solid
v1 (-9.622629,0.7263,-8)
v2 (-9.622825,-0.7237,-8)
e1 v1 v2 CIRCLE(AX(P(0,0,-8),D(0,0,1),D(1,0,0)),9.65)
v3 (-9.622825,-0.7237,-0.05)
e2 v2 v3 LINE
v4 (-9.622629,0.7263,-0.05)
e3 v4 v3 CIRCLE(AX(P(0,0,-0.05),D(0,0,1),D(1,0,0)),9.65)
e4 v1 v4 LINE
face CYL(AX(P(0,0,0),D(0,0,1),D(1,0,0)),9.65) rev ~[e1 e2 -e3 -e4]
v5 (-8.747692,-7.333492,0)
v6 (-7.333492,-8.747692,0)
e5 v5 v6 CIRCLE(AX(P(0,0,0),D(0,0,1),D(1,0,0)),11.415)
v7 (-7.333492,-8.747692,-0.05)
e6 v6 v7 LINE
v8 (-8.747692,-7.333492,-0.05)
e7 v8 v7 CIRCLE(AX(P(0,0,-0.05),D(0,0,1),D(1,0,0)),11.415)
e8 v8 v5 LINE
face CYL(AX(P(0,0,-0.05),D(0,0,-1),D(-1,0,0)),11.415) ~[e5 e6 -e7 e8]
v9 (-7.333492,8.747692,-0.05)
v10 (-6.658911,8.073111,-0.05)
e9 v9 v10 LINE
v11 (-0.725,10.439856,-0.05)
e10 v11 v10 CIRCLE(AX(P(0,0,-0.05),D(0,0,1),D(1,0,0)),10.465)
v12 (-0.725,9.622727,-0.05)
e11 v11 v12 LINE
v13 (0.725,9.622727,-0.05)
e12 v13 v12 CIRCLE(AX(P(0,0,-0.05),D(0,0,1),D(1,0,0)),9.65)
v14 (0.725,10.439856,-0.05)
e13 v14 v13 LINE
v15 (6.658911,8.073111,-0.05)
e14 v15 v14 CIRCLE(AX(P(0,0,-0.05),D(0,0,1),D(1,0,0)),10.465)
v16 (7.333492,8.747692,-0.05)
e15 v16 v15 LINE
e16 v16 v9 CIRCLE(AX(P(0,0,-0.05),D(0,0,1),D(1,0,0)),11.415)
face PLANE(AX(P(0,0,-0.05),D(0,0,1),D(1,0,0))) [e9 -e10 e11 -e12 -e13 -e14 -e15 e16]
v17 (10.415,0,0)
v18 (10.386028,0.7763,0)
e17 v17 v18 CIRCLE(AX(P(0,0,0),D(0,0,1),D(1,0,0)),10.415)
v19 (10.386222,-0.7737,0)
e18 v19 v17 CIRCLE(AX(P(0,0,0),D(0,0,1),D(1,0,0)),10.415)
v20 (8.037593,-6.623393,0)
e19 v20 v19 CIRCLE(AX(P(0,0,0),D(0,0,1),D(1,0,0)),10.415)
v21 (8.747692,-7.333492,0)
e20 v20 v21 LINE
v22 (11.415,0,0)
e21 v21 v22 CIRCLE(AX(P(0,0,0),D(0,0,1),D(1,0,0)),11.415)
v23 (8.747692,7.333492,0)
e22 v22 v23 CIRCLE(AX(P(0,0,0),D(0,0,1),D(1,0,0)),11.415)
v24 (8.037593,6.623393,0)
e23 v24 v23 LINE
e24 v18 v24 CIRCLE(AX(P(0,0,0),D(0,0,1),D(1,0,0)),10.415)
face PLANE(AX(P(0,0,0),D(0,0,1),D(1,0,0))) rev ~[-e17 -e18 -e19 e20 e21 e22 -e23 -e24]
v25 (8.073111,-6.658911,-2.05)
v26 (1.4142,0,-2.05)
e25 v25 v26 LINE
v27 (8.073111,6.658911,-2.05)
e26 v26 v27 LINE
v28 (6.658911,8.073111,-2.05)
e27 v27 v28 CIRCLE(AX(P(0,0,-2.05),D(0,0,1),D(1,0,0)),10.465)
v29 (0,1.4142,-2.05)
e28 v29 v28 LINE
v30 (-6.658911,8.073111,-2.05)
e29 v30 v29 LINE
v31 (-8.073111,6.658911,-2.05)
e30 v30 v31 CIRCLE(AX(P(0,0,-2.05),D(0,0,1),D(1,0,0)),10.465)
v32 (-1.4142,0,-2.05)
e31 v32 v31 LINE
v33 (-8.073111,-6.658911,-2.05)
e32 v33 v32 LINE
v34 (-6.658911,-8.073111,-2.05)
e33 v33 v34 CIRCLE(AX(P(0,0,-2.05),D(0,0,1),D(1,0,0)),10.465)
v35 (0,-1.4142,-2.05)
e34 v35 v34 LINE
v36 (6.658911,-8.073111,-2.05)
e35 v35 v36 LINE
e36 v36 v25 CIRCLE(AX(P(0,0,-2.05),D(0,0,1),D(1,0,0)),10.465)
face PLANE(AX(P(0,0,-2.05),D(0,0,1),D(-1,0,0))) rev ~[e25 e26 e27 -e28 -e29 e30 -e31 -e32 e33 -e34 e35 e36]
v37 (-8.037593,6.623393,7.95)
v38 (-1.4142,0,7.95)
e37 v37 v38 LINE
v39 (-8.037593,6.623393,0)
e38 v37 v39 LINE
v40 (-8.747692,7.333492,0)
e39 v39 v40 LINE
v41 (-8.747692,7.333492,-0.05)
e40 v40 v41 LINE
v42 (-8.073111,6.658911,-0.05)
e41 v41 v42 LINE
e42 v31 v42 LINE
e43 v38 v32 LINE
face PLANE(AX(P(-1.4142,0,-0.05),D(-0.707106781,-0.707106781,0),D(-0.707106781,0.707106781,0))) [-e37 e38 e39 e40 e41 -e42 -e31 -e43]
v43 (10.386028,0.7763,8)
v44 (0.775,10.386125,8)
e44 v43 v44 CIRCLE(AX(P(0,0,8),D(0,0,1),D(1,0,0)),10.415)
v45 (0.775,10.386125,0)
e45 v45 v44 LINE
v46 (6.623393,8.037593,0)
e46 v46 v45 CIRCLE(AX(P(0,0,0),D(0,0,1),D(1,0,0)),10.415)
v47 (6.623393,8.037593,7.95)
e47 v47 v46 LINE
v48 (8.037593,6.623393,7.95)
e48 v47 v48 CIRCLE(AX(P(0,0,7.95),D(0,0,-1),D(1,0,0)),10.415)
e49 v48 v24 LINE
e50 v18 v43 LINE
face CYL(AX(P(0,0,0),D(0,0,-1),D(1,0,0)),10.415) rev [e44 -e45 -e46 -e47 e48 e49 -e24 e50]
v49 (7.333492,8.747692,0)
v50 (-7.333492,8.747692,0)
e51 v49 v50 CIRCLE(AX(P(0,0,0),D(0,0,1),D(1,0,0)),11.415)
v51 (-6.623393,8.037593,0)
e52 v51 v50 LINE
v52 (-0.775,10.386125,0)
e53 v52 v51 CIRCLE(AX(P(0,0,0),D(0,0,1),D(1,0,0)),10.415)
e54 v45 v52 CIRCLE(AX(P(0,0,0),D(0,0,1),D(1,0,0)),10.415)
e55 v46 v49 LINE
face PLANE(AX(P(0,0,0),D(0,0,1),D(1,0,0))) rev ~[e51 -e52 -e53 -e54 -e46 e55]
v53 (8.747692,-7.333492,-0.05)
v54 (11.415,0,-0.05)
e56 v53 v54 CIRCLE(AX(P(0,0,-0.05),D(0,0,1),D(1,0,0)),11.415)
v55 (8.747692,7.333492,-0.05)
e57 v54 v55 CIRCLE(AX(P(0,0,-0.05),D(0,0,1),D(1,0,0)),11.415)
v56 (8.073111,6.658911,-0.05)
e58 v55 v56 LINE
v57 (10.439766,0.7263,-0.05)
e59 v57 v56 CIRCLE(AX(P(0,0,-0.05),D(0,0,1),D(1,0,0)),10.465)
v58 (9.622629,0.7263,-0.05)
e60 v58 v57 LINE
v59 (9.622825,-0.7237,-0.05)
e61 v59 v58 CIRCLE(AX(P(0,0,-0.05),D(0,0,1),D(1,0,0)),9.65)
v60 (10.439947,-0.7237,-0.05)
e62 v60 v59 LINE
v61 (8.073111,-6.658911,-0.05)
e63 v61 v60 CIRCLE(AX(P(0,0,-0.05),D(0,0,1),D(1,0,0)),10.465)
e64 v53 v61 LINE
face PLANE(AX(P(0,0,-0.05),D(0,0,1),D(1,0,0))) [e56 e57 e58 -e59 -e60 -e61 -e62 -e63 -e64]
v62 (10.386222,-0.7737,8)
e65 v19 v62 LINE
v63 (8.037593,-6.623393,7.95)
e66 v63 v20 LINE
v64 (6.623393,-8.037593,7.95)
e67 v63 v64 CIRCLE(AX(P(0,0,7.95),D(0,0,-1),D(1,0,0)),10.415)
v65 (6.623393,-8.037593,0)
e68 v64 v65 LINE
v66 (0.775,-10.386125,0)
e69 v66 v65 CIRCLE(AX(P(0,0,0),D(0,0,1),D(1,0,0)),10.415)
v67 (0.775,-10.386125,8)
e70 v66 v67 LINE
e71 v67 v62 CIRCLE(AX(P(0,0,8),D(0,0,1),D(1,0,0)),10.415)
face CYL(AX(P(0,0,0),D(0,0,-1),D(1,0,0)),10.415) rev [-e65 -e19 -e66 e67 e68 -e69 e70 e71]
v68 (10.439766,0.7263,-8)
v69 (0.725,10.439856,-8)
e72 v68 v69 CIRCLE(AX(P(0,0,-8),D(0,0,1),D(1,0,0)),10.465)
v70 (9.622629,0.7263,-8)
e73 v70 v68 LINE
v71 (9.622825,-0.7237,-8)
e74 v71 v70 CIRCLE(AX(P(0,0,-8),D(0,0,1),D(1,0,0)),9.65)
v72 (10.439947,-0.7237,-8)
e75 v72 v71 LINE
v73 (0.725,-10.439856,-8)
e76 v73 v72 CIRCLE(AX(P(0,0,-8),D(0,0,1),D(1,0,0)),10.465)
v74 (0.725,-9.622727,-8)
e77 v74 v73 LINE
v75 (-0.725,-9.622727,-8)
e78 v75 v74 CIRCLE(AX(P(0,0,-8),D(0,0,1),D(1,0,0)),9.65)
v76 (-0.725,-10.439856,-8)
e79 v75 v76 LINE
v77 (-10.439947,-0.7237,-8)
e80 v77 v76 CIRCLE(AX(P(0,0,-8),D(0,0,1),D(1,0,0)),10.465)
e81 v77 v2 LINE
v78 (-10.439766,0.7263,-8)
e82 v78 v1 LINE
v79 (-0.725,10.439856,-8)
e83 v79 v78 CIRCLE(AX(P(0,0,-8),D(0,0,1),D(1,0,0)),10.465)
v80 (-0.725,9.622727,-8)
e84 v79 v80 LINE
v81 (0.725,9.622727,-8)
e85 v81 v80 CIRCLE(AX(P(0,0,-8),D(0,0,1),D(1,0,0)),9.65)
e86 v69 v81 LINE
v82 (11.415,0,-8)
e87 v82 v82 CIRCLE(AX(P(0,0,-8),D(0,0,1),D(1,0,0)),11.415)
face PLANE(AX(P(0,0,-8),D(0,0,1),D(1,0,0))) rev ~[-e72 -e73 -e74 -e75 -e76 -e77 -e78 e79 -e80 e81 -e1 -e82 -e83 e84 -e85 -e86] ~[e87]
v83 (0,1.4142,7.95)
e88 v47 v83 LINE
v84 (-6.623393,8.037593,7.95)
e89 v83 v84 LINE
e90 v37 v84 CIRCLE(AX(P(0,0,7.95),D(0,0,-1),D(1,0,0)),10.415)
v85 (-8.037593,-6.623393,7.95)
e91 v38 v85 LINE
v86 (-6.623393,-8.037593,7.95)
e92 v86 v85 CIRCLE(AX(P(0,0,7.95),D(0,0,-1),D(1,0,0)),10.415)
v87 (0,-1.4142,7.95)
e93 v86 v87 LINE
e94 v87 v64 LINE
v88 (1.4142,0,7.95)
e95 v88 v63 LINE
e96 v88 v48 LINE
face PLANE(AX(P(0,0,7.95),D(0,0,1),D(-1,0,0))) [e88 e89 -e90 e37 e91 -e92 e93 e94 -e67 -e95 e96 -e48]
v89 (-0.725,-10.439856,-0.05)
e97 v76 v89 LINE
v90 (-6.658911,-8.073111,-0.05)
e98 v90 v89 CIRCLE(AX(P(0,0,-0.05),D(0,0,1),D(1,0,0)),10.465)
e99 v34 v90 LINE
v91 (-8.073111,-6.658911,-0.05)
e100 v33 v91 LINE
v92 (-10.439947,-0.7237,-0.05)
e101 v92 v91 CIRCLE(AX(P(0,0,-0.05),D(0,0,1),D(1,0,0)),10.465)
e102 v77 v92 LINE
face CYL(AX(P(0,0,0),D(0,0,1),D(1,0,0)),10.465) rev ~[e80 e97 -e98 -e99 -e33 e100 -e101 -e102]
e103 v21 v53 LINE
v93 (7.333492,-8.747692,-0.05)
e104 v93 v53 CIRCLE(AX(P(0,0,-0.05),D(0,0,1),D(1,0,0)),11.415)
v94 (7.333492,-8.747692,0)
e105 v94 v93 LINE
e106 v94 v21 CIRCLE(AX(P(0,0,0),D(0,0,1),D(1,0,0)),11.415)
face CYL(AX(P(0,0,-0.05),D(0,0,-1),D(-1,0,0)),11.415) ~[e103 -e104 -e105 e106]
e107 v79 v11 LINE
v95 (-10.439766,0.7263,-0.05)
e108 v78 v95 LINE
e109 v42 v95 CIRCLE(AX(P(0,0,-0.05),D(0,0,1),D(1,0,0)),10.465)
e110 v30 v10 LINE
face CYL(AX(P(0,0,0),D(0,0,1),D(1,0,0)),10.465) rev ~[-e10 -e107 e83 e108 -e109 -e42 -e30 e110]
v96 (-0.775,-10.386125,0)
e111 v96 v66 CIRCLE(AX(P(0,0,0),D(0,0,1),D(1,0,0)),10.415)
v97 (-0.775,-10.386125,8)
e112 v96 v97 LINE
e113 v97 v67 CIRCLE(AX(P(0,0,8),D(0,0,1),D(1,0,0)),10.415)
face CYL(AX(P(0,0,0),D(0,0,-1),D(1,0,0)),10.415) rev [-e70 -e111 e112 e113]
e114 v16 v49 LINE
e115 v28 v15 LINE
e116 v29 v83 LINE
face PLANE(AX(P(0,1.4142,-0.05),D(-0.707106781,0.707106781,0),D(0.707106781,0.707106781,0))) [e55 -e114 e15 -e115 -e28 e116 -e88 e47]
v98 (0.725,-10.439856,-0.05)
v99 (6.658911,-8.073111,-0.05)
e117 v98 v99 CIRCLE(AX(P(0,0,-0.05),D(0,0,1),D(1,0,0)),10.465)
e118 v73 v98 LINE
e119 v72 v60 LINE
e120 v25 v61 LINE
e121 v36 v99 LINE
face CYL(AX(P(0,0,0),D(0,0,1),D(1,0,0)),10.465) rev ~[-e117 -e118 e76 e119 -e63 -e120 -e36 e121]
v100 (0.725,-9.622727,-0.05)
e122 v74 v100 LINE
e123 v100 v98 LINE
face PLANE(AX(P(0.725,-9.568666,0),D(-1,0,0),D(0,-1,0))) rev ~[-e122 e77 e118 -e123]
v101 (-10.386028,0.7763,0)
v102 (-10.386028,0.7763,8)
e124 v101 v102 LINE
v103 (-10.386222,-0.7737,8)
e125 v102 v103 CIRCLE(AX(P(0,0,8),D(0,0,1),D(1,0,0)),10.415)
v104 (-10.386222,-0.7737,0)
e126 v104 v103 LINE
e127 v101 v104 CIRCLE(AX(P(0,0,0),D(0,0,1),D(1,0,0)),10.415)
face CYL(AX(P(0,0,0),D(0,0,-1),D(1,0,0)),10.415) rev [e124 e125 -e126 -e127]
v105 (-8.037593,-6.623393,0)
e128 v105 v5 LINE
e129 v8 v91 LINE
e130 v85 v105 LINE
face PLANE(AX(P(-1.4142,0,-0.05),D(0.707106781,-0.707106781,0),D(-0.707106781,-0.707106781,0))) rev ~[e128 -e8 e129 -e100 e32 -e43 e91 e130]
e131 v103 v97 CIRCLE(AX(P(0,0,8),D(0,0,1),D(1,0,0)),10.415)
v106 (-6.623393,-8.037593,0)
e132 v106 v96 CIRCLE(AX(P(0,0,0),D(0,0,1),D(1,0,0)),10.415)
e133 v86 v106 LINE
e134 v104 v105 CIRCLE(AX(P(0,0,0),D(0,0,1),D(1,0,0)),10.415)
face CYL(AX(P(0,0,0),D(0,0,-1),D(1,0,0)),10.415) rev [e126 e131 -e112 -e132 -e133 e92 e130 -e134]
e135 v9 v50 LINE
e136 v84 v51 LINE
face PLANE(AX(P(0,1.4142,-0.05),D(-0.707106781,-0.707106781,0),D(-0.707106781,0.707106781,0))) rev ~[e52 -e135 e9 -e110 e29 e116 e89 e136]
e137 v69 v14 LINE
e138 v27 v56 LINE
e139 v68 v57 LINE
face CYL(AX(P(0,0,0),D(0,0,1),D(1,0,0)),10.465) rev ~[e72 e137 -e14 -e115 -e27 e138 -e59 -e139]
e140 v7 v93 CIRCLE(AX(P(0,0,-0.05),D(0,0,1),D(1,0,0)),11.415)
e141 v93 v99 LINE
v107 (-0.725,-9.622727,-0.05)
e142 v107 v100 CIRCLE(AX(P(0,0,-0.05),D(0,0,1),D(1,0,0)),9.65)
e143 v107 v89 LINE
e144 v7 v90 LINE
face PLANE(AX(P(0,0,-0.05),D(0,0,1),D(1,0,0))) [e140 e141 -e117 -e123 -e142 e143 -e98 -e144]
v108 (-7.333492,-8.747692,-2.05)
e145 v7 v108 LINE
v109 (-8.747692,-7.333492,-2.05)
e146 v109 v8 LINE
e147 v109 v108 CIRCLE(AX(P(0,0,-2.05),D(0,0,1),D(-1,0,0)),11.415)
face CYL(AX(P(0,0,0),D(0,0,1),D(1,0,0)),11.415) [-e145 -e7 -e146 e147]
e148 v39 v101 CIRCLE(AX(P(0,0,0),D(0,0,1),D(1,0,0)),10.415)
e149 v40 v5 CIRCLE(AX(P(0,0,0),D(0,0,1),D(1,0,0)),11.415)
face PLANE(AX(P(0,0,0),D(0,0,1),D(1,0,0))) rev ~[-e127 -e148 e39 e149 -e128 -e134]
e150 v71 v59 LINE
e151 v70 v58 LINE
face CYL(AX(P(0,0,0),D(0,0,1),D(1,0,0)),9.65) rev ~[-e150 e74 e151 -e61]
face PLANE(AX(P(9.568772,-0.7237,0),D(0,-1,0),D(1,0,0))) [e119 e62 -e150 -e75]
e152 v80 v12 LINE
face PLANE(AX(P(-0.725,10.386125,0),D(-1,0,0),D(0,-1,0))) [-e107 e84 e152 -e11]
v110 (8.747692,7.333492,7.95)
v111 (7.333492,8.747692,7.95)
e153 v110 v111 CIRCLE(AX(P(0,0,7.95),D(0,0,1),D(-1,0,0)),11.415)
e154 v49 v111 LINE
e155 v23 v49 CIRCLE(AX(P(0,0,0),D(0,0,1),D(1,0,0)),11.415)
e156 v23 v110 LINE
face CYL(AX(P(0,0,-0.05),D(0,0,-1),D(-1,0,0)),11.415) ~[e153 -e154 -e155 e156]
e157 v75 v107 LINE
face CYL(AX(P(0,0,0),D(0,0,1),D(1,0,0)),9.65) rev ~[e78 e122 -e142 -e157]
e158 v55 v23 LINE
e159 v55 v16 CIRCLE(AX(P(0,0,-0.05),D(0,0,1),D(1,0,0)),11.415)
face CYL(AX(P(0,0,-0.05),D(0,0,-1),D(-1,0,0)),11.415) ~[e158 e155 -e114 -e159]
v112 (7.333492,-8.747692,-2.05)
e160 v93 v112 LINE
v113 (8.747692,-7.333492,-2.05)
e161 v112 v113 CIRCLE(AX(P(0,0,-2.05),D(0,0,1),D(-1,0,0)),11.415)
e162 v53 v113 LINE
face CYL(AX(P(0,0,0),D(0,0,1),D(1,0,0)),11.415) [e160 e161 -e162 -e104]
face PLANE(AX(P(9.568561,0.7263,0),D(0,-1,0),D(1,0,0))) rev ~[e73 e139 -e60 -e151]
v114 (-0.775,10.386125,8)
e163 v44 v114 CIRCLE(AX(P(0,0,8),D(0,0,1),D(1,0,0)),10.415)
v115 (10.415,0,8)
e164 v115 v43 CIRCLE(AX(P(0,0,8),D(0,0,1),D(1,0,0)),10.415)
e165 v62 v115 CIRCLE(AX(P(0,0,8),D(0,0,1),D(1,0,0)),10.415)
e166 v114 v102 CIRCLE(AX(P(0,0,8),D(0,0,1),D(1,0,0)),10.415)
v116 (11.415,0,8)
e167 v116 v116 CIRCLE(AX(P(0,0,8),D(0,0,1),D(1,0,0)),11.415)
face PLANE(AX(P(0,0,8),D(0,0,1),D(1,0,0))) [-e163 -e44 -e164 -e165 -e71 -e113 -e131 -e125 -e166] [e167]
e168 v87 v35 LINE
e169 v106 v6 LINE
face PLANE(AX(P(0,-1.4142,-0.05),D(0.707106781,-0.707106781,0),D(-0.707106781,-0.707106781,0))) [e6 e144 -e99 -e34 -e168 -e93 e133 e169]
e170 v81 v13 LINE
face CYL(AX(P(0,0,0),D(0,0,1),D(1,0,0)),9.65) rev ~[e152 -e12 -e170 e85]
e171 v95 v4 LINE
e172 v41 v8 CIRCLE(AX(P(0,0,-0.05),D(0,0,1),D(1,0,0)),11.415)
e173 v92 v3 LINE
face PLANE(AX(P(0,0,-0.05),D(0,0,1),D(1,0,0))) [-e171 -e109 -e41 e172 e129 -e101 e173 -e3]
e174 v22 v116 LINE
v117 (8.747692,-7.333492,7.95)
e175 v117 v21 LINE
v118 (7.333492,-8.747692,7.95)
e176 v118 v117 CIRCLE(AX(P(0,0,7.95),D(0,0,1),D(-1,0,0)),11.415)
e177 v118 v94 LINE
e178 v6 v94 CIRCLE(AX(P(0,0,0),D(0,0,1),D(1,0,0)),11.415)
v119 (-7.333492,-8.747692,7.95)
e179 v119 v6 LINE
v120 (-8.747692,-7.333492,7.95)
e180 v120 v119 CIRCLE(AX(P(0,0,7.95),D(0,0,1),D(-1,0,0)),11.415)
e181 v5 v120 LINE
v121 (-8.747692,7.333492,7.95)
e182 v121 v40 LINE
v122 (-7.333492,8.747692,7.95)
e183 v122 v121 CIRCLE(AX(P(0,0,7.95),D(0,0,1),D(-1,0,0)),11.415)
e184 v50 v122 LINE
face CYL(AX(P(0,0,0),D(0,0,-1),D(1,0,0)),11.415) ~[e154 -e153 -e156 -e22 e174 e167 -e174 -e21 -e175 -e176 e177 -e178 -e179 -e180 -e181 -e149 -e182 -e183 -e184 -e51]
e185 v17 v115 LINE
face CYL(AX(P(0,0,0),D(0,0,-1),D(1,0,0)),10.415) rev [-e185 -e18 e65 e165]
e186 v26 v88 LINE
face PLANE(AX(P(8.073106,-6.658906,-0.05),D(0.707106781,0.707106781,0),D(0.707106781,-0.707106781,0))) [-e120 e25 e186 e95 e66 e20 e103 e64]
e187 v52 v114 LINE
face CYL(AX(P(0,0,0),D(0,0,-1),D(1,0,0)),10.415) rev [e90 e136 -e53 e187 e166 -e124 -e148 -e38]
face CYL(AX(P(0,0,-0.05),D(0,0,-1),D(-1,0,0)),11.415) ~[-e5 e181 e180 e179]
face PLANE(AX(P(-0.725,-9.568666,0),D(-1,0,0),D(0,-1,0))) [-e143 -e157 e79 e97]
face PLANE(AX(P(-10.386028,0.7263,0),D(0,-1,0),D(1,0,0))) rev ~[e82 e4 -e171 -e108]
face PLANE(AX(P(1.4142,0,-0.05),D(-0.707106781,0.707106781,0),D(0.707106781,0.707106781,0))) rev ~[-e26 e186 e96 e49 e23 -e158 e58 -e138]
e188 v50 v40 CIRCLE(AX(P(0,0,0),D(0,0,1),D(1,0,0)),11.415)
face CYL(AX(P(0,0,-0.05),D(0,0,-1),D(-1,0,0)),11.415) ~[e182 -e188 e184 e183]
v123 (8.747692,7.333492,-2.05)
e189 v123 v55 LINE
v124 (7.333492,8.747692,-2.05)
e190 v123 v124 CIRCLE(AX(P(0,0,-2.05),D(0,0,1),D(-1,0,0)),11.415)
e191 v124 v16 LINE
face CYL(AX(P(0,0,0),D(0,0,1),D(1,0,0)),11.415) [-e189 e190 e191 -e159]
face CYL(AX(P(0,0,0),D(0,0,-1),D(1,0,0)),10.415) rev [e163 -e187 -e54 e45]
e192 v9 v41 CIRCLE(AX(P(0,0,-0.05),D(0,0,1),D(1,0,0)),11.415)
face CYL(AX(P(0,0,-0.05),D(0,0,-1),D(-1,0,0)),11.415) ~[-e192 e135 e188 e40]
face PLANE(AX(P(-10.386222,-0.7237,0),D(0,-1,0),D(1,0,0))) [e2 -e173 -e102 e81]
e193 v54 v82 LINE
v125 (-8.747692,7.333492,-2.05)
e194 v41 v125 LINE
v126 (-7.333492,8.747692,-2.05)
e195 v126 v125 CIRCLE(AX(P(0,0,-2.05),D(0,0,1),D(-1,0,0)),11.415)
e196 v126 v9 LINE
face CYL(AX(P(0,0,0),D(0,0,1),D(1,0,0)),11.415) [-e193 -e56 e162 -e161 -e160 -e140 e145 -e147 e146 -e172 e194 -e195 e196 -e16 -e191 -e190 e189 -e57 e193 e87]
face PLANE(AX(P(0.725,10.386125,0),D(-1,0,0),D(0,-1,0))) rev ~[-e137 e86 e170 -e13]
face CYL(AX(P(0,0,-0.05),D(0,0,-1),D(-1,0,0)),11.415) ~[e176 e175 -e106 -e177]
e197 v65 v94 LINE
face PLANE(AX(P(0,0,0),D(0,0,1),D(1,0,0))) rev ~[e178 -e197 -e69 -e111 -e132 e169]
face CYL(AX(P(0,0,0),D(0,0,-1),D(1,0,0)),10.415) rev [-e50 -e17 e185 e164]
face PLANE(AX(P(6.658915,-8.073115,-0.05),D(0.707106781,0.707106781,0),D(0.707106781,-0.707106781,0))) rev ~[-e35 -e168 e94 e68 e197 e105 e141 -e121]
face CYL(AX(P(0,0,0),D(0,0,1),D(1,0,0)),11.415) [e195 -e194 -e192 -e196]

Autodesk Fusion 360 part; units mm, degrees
sketch "Tool" plane through (0, 0, 0) normal (0, 0, 1) x (1, 0, 0)
  circle A0 centre (0, 0) radius 10.415
  circle A1 centre (0, 0) radius 9.6
  line L0 (-10.415, 0.0013) -> (10.415, 0.0013) construction
  line L1 (0, 10.485) -> (0, -10.415) construction
  line L2 (-10.415, -0.7737) -> (10.415, -0.7737)
  line L3 (-10.415, 0.7763) -> (10.415, 0.7763)
  line L4 (-0.775, 10.485) -> (-0.775, -10.415)
  line L5 (0.775, 10.485) -> (0.775, -10.415)
  circle A2 centre (0, 0) radius 11.415
  dimension "d5" = 20.83
  dimension "d6" = 19.2
  dimension "d7" = 0.775
  dimension "d8" = -0.775
  dimension "d9" = 0.775
  dimension "d10" = -0.775
  dimension "d13" = 1
extrude "Extrude1" add sketch "Tool" against normal blind 8 contours A0 A1 L2 L3 | A0 A1 L4 L5 | A0 A1 L4 L5 | A0 A1 L2 L3 | A2
move_face "OffsetFaces1" offset -0.05 17 faces at (10.7291, 0.0008, 0) (1.7545, 10.2662, -5.3333) (9.5903, 0.4322, -2.6667) (8.0289, -6.6339, -5.3333) (9.8411, 0.7763, -2.6667) (9.8413, -0.7737, -2.6667) (0.775, 10.1136, -5.3333) (-0.603, 9.581, -5.3333) (-7.0069, 7.7056, -5.3333) (-10.1137, -0.7737, -2.6667) (-0.775, 10.1136, -2.6667) (0.775, -9.8412, -5.3333) (0.603, -9.581, -5.3333) (-1.2662, -10.3377, -5.3333) (-9.5904, -0.4296, -5.3333) (-0.775, -9.8412, -2.6667) (-10.1135, 0.7763, -2.6667)
sketch "Sketch2" plane through (0, 0, -0.05) normal (0, 0, 1) x (-1, 0, 0)
  arc A0 (-9.6228, 0.7237) -> (-9.6226, -0.7263) centre (0, 0) ccw
  line L0 (-9.6228, 0.7237) -> (-10.4399, 0.7237)
  arc A1 (-0.725, 10.4399) -> (-10.4399, 0.7237) centre (0, 0) ccw
  line L1 (-0.725, 10.4399) -> (-0.725, 9.6227)
  arc A2 (0.725, 9.6227) -> (-0.725, 9.6227) centre (0, 0) ccw
  line L2 (0.725, 9.6227) -> (0.725, 10.4399)
  arc A3 (10.4399, 0.7237) -> (0.725, 10.4399) centre (0, 0) ccw
  line L3 (10.4399, 0.7237) -> (9.6228, 0.7237)
  arc A4 (9.6226, -0.7263) -> (9.6228, 0.7237) centre (0, 0) ccw
  line L4 (9.6226, -0.7263) -> (10.4398, -0.7263)
  arc A5 (0.725, -10.4399) -> (10.4398, -0.7263) centre (0, 0) ccw
  line L5 (0.725, -10.4399) -> (0.725, -9.6227)
  arc A6 (-0.725, -9.6227) -> (0.725, -9.6227) centre (0, 0) ccw
  line L6 (-0.725, -9.6227) -> (-0.725, -10.4399)
  arc A7 (-10.4398, -0.7263) -> (-0.725, -10.4399) centre (0, 0) ccw
  line L7 (-10.4398, -0.7263) -> (-9.6226, -0.7263)
  circle A8 centre (0, 0) radius 11.415
  line L8 (0, 0) -> (8.0716, -8.0716) construction
  line L9 (0, 0) -> (11.415, 0) construction
  line L10 (0, 0) -> (8.0716, 8.0716) construction
  line L11 (0, 0) -> (11.415, 0) construction
  line L12 (0, 0) -> (-8.0716, -8.0716) construction
  line L13 (0, 0) -> (-8.0716, 8.0716) construction
  line L14 (0.7071, 0.7071) -> (8.7787, -7.3645)
  line L15 (0.7071, 0.7071) -> (-7.3645, 8.7787)
  line L16 (-0.7071, -0.7071) -> (-8.7787, 7.3645)
  line L17 (-0.7071, -0.7071) -> (7.3645, -8.7787)
  line L18 (0.7071, -0.7071) -> (8.7787, 7.3645)
  line L19 (0.7071, -0.7071) -> (-7.3645, -8.7787)
  line L20 (-0.7071, 0.7071) -> (7.3645, 8.7787)
  line L21 (-0.7071, 0.7071) -> (-8.7787, -7.3645)
  dimension "d17" = 45
  dimension "d18" = 45
  dimension "d19" = 90
  dimension "d20" = 1
  dimension "d21" = -1
  dimension "d22" = 1
  dimension "d23" = -1
extrude "Extrude2" add sketch "Sketch2" along normal blind 8 and the other way blind 2 contours A1 A8 L15 L16 | A1 L15 L16 L20 L21 | A7 L16 L17 L19 L21 | A7 A8 L19 L21 | L14 L15 L16 L17 L18 L19 L20 L21 | A3 L14 L15 L18 L20 | A5 L14 L17 L18 L19 | A3 A8 L18 L20 | A5 A8 L14 L17
extrude "Extrude3" add sketch "Tool" along normal blind 8
equation "outside_diamter = 20.83 mm"
equation "wall_thickness = 1.63 mm"
equation "tool_teeth_width = 1.55 mm"
equation "inside_diamter = outside_diamter - wall_thickness"
equation "d5 = outside_diamter"
equation "d6 = inside_diamter"
equation "d7 = tool_teeth_width / 2"
equation "d8 = -( tool_teeth_width / 2 )"
equation "d9 = tool_teeth_width / 2"
equation "d10 = -( tool_teeth_width / 2 )"
equation "tool_thickness = 1 mm"
equation "tool_depth = 8 mm"
equation "d13 = tool_thickness"
